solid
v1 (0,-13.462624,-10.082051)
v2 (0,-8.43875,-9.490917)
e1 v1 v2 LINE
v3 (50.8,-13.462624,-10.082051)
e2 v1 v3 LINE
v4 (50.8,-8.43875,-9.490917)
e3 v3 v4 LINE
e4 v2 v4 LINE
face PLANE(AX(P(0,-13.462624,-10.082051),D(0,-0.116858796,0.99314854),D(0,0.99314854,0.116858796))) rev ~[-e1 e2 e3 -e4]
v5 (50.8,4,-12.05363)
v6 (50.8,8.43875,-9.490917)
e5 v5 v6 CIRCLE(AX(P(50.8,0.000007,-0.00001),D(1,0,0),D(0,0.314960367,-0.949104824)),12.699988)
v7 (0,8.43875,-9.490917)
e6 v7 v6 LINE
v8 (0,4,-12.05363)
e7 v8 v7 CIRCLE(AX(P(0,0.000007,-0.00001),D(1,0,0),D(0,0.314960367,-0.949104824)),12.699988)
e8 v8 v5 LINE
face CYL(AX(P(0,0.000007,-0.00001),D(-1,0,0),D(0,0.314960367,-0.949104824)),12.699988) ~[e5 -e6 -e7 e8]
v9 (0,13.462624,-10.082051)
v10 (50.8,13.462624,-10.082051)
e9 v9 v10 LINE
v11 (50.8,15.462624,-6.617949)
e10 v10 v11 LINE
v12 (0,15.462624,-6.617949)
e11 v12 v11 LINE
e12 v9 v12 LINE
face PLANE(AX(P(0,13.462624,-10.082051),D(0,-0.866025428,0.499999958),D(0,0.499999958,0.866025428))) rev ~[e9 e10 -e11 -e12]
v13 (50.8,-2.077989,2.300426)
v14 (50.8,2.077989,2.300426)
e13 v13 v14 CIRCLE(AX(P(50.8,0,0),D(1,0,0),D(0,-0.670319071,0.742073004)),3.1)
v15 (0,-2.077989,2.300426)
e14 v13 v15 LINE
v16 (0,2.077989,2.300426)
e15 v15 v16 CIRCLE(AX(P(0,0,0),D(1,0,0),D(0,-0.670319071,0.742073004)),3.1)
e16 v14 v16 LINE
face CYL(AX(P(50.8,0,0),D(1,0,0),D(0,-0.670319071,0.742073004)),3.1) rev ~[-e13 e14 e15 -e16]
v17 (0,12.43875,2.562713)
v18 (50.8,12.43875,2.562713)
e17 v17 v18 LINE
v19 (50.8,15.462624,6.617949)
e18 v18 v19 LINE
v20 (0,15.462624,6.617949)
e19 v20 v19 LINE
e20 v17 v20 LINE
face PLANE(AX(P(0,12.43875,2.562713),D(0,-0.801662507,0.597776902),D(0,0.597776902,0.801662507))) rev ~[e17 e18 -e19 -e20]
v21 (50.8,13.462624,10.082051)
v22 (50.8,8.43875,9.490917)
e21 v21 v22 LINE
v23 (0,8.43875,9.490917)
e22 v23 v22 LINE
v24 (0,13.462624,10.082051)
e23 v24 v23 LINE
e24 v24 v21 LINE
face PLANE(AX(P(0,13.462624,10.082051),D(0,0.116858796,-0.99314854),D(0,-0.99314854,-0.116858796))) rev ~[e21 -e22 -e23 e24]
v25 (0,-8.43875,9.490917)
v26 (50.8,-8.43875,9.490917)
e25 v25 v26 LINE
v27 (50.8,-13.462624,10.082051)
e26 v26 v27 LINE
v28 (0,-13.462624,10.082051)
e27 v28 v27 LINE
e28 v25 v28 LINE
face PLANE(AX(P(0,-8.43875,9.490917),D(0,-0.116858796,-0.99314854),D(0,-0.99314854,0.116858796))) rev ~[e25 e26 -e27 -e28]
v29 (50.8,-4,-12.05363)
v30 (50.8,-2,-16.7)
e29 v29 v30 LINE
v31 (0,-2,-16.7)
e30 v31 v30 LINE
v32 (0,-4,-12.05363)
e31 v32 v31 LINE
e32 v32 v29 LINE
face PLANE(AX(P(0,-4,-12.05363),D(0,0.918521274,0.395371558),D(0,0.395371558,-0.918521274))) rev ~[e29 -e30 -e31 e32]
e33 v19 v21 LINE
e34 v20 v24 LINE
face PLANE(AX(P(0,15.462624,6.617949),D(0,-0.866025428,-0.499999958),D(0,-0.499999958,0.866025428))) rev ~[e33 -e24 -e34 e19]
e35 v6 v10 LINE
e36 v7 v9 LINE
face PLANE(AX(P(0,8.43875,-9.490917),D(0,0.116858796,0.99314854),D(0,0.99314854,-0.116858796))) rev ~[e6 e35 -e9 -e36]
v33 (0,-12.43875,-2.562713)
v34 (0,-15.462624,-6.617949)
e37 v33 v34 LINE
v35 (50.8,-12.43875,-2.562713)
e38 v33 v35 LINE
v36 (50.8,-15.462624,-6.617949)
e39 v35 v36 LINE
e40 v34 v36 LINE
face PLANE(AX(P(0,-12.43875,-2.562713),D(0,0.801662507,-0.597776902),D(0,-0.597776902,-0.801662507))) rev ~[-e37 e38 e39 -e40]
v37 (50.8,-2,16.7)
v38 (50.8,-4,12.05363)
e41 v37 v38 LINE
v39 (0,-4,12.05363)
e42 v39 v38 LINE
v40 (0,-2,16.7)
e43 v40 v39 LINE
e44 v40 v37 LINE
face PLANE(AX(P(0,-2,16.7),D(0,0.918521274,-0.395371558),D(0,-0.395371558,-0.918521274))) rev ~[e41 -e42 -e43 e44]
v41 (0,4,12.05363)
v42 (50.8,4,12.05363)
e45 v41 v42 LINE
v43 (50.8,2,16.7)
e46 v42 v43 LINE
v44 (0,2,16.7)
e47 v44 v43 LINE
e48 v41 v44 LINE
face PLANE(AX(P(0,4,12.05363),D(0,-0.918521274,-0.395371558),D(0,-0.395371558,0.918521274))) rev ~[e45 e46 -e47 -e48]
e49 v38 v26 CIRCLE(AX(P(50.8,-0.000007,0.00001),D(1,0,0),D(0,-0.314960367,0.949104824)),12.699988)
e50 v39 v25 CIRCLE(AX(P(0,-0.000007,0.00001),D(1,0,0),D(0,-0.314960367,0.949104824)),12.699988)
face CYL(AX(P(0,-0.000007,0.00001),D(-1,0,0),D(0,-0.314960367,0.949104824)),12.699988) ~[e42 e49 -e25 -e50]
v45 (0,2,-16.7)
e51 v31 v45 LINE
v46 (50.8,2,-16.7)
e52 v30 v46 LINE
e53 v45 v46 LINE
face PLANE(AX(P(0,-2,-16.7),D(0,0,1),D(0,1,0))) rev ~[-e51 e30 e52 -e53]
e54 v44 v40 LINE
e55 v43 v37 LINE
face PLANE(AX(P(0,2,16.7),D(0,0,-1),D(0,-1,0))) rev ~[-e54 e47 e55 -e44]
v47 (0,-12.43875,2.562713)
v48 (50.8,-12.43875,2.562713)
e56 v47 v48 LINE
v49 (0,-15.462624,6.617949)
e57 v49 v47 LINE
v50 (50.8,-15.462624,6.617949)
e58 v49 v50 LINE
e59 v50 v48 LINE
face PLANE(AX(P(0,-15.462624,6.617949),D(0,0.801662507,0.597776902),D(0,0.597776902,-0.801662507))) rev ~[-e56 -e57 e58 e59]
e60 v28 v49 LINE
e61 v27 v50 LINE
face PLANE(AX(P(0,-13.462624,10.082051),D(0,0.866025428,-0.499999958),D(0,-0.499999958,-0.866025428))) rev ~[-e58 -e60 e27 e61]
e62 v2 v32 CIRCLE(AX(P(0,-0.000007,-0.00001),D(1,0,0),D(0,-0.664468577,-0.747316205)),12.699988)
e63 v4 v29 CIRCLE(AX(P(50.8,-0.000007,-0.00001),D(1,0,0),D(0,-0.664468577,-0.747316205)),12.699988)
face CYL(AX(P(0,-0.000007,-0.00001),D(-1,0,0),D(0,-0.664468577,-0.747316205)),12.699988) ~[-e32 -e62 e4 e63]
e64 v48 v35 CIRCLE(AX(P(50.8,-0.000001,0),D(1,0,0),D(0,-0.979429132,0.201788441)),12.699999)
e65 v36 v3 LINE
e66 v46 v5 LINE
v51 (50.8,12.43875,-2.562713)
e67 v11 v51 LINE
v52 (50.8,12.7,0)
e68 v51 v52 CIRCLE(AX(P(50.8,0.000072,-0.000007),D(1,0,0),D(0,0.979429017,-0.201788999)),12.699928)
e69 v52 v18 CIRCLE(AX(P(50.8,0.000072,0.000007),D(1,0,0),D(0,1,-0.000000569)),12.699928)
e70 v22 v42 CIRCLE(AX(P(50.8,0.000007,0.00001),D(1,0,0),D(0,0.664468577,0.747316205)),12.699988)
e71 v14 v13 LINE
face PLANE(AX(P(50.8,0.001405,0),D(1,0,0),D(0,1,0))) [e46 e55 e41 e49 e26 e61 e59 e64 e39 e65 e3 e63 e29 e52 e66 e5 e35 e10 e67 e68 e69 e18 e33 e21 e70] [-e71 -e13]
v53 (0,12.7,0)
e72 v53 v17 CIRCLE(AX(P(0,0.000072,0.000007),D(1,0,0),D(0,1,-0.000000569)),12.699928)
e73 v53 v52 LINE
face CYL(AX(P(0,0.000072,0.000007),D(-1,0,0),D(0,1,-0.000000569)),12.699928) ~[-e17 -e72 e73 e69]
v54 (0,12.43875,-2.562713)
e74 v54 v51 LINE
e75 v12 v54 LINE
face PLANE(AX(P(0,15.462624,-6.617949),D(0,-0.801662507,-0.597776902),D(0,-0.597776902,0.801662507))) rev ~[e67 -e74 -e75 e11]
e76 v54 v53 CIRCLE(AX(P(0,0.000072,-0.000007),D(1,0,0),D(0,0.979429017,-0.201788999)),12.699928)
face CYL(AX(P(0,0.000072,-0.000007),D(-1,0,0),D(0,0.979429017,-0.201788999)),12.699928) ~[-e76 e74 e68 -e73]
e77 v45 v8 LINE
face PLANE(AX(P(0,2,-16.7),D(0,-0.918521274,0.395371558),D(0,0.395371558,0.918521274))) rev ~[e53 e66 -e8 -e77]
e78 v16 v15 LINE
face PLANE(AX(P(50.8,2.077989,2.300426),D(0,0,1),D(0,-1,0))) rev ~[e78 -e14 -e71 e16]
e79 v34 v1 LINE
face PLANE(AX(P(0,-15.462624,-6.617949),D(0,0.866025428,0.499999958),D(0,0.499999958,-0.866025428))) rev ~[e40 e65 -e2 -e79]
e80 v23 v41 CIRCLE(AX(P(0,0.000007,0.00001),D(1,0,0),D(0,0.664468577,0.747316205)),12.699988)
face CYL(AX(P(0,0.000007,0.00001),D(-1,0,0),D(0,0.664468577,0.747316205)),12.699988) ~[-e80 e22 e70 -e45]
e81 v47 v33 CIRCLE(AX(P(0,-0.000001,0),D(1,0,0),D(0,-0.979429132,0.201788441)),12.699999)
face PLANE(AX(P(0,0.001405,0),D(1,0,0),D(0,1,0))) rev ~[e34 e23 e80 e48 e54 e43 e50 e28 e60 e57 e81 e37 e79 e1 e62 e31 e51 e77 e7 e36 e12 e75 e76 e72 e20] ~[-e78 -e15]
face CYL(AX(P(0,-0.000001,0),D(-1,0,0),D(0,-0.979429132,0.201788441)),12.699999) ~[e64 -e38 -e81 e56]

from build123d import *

# Parameters (mm, degrees)
F1_DEPTH = 50.8
F3_DEPTH = 101.6


with BuildPart() as f1:
    # F0 (on Right) → F1 (new body)
    with BuildSketch(Plane.YZ):
        with BuildLine():
            ThreePointArc((12.43875, -2.562713), (12.634519, -1.287998), (12.7, 0))
            ThreePointArc((12.7, 0), (12.634519, 1.287998), (12.43875, 2.562713))
            ThreePointArc((12.43875, 2.562713), (10.998523, 6.35), (8.43875, 9.490917))
            ThreePointArc((8.43875, 9.490917), (6.35, 10.998523), (4, 12.05363))
            ThreePointArc((4, 12.05363), (0, 12.7), (-4, 12.05363))
            ThreePointArc((-4, 12.05363), (-6.35, 10.998523), (-8.43875, 9.490917))
            ThreePointArc((-8.43875, 9.490917), (-10.998523, 6.35), (-12.43875, 2.562713))
            ThreePointArc((-12.43875, 2.562713), (-12.7, 0), (-12.43875, -2.562713))
            ThreePointArc((-12.43875, -2.562713), (-10.998523, -6.35), (-8.43875, -9.490917))
            ThreePointArc((-8.43875, -9.490917), (-6.35, -10.998523), (-4, -12.05363))
            ThreePointArc((-4, -12.05363), (0, -12.7), (4, -12.05363))
            ThreePointArc((4, -12.05363), (6.35, -10.998523), (8.43875, -9.490917))
            ThreePointArc((8.43875, -9.490917), (10.998523, -6.35), (12.43875, -2.562713))
        make_face()
        with BuildLine():
            ThreePointArc((8.43875, 9.490917), (10.998523, 6.35), (12.43875, 2.562713))
            Line((12.43875, 2.562713), (15.462624, 6.617949))
            Line((15.462624, 6.617949), (14.462624, 8.35))
            Line((14.462624, 8.35), (13.462624, 10.082051))
            Line((13.462624, 10.082051), (8.43875, 9.490917))
        make_face()
        with BuildLine():
            Line((15.462624, -6.617949), (12.43875, -2.562713))
            ThreePointArc((12.43875, -2.562713), (10.998523, -6.35), (8.43875, -9.490917))
            Line((8.43875, -9.490917), (13.462624, -10.082051))
            Line((13.462624, -10.082051), (14.462624, -8.35))
            Line((14.462624, -8.35), (15.462624, -6.617949))
        make_face()
        with BuildLine():
            ThreePointArc((-4, 12.05363), (0, 12.7), (4, 12.05363))
            Line((4, 12.05363), (2, 16.7))
            Line((2, 16.7), (0, 16.7))
            Line((0, 16.7), (-2, 16.7))
            Line((-2, 16.7), (-4, 12.05363))
        make_face()
        with BuildLine():
            Line((2, -16.7), (4, -12.05363))
            ThreePointArc((4, -12.05363), (0, -12.7), (-4, -12.05363))
            Line((-4, -12.05363), (-2, -16.7))
            Line((-2, -16.7), (0, -16.7))
            Line((0, -16.7), (2, -16.7))
        make_face()
        with BuildLine():
            ThreePointArc((-12.43875, 2.562713), (-10.998523, 6.35), (-8.43875, 9.490917))
            Line((-8.43875, 9.490917), (-13.462624, 10.082051))
            Line((-13.462624, 10.082051), (-14.462624, 8.35))
            Line((-14.462624, 8.35), (-15.462624, 6.617949))
            Line((-15.462624, 6.617949), (-12.43875, 2.562713))
        make_face()
        with BuildLine():
            Line((-13.462624, -10.082051), (-8.43875, -9.490917))
            ThreePointArc((-8.43875, -9.490917), (-10.998523, -6.35), (-12.43875, -2.562713))
            Line((-12.43875, -2.562713), (-15.462624, -6.617949))
            Line((-15.462624, -6.617949), (-14.462624, -8.35))
            Line((-14.462624, -8.35), (-13.462624, -10.082051))
        make_face()
    extrude(amount=F1_DEPTH)

    # F2 (on face) → F3 (cut)
    with BuildSketch(Plane.YZ.offset(50.8)):
        with BuildLine():
            Line((2.077989, 2.300426), (-2.077989, 2.300426))
            ThreePointArc((-2.077989, 2.300426), (0, -3.1), (2.077989, 2.300426))
        make_face()
    extrude(amount=-F3_DEPTH, mode=Mode.SUBTRACT)


solid = f1.part
